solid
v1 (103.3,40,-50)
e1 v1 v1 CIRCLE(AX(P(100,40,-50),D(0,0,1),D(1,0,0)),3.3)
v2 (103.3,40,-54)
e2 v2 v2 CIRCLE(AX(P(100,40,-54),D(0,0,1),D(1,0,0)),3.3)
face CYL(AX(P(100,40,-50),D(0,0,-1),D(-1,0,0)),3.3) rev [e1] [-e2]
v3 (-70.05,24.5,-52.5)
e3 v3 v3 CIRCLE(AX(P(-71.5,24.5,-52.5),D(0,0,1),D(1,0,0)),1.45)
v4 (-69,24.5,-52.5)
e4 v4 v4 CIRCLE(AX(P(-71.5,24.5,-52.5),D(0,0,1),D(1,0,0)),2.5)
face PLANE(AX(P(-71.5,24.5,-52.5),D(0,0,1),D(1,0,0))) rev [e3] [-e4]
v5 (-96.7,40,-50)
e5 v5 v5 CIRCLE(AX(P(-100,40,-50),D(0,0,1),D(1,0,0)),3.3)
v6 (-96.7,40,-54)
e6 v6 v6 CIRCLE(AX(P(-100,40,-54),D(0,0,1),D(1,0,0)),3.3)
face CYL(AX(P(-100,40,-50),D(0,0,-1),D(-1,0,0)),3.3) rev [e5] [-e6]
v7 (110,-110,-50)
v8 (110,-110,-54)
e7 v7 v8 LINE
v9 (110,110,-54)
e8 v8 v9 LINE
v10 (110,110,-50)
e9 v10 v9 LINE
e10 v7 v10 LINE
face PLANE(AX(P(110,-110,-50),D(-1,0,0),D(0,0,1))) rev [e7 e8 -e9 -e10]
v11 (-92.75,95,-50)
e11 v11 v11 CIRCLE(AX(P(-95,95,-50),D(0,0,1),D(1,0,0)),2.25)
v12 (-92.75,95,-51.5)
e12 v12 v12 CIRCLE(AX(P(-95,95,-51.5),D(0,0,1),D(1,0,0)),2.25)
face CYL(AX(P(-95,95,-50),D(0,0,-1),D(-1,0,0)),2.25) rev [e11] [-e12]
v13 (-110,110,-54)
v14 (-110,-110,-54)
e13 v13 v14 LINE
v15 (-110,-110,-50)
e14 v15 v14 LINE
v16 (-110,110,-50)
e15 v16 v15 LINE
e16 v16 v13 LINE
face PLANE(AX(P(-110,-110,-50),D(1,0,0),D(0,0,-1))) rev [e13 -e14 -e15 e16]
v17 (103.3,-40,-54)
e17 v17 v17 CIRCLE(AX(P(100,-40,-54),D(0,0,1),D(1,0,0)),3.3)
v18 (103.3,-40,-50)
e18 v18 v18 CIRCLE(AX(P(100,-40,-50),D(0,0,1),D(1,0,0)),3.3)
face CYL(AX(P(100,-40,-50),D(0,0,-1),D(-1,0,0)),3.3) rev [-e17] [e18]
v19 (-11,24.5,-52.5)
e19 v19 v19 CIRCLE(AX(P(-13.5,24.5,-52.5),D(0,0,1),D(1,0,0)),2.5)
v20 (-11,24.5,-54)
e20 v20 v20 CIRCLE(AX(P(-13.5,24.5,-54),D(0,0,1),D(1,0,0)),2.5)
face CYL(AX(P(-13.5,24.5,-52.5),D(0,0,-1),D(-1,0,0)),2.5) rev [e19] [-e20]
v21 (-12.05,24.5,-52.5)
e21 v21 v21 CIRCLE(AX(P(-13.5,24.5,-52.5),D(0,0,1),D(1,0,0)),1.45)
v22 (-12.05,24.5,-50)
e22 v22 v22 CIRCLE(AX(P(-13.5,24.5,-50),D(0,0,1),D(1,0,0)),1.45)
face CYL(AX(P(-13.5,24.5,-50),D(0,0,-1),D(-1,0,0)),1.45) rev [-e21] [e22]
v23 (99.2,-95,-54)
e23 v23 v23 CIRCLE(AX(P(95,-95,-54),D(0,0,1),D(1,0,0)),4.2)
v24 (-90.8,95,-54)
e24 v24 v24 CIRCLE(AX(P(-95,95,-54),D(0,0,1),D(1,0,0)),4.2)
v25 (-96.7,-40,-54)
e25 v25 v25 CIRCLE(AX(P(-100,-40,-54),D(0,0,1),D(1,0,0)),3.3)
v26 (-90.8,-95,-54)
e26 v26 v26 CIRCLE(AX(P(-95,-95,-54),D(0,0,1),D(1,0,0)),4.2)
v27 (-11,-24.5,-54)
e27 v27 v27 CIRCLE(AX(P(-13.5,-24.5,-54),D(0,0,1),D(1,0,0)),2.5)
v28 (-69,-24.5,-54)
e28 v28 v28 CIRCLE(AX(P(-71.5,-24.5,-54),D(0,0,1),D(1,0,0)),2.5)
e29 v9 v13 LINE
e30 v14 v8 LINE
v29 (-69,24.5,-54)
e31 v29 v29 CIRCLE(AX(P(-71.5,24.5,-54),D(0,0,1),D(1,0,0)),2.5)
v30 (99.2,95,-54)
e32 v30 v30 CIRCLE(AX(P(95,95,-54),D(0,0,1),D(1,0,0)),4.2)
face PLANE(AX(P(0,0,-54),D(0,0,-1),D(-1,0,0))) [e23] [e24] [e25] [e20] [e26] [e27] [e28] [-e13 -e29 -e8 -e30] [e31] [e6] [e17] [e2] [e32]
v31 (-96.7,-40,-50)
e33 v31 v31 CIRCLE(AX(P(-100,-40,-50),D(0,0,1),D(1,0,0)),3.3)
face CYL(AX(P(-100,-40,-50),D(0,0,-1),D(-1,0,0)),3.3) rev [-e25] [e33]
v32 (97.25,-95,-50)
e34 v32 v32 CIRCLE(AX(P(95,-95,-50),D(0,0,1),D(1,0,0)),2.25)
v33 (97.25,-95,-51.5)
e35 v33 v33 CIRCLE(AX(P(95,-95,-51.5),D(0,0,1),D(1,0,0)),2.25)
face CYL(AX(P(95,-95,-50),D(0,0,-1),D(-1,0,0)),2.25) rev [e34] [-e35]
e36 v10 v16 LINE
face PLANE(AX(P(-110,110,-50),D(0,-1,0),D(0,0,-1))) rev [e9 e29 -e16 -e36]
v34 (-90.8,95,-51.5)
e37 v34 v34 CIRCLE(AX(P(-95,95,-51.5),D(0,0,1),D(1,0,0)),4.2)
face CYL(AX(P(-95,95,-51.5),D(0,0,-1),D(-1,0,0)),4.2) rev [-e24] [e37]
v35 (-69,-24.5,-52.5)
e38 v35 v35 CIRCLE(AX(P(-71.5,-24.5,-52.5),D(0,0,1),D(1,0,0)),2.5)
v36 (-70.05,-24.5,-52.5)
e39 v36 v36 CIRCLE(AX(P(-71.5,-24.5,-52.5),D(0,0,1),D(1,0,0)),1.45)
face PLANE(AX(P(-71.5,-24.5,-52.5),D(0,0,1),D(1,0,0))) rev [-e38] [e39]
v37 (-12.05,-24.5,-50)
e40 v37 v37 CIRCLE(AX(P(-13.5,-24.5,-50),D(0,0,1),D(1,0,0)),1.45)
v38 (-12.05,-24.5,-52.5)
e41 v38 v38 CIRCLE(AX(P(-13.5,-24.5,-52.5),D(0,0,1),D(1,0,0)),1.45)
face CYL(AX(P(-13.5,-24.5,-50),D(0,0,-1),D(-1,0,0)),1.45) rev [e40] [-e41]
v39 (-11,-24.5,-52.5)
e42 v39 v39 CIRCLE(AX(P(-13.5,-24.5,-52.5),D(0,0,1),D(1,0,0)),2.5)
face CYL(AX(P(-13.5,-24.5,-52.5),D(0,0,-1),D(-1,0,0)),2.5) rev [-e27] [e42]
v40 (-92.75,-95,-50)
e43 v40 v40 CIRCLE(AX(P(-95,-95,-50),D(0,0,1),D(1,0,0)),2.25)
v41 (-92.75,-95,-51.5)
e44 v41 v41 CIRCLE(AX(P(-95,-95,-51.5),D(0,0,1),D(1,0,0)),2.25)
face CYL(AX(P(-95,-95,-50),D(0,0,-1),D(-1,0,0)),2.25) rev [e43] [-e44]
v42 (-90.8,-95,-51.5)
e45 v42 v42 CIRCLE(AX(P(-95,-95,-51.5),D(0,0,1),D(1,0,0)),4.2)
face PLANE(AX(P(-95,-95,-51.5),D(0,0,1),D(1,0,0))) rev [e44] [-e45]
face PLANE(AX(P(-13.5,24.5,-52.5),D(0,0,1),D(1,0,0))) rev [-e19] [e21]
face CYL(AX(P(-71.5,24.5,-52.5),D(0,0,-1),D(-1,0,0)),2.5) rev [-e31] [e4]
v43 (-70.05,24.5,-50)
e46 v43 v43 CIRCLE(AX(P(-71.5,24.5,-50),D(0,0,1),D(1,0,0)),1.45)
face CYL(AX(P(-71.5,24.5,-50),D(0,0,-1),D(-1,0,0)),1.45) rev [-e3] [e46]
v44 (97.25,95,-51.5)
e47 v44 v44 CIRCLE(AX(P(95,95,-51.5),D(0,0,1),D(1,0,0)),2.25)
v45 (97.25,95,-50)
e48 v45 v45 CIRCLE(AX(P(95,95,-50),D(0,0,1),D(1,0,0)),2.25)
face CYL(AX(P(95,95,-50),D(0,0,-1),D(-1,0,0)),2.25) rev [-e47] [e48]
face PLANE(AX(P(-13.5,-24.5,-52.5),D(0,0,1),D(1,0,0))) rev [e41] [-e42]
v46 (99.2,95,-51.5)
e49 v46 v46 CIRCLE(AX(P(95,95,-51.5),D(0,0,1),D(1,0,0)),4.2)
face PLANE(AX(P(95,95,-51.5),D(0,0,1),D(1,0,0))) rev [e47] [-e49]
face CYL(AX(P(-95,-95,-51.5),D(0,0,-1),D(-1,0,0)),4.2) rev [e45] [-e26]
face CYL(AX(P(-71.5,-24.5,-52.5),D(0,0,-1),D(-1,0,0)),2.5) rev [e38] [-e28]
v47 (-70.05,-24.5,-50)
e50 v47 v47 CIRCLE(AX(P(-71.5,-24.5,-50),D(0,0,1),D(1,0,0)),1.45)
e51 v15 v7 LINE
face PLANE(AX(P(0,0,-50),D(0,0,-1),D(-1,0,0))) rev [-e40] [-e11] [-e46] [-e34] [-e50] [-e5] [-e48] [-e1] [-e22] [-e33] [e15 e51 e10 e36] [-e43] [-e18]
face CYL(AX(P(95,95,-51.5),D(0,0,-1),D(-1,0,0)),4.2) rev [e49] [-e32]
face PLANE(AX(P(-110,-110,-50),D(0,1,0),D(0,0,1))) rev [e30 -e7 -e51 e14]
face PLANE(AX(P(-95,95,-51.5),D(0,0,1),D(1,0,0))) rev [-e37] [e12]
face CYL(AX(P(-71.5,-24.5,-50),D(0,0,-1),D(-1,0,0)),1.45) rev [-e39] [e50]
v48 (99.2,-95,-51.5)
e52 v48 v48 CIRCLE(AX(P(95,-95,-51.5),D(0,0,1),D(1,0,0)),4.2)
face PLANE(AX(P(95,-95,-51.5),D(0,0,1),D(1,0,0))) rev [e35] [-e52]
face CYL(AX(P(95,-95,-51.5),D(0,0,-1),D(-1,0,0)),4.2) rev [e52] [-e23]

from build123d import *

# Parameters (mm, degrees)
FONDO_START                   = -54
SK_FONDO_W                    = 220
SK_FONDO_H                    = 220
FONDO_DEPTH                   = 4
PASANTES_M4_SEPARADORES_START = -54
SK_PASANTES_M4_SEPARADORES_R  = 2.25
PASANTES_M4_SEPARADORES_DEPTH = 4
AVELLANADO_M4_START           = -54
SK_AVELLANADO_M4_R            = 4.2
AVELLANADO_M4_DEPTH           = 2.5
PASANTES_M2_5_RPI_START       = -54
SK_PASANTES_M2_5_RPI_R        = 1.45
PASANTES_M2_5_RPI_DEPTH       = 4
AVELLANADO_M2_5_START         = -54
SK_AVELLANADO_M2_5_R          = 2.5
AVELLANADO_M2_5_DEPTH         = 1.5
AGUJEROS_ANCLAJE_START        = -54
SK_AGUJEROS_ANCLAJE_R         = 3.3
AGUJEROS_ANCLAJE_DEPTH        = 4


with BuildPart() as part:
    # Sk_Fondo → Fondo (new body)
    with BuildSketch(Plane.XY.offset(FONDO_START)):
        Rectangle(SK_FONDO_W, SK_FONDO_H)
    extrude(amount=FONDO_DEPTH)

    # Sk_Pasantes_M4_separadores → Pasantes_M4_separadores (cut)
    with BuildSketch(Plane.XY.offset(PASANTES_M4_SEPARADORES_START)):
        with Locations((-95, -95)):
            Circle(SK_PASANTES_M4_SEPARADORES_R)
        with Locations((-95, 95)):
            Circle(SK_PASANTES_M4_SEPARADORES_R)
        with Locations((95, -95)):
            Circle(SK_PASANTES_M4_SEPARADORES_R)
        with Locations((95, 95)):
            Circle(SK_PASANTES_M4_SEPARADORES_R)
    extrude(amount=PASANTES_M4_SEPARADORES_DEPTH, mode=Mode.SUBTRACT)

    # Sk_Avellanado_M4 → Avellanado_M4 (cut)
    with BuildSketch(Plane.XY.offset(AVELLANADO_M4_START)):
        with Locations((-95, -95)):
            Circle(SK_AVELLANADO_M4_R)
        with Locations((-95, 95)):
            Circle(SK_AVELLANADO_M4_R)
        with Locations((95, -95)):
            Circle(SK_AVELLANADO_M4_R)
        with Locations((95, 95)):
            Circle(SK_AVELLANADO_M4_R)
    extrude(amount=AVELLANADO_M4_DEPTH, mode=Mode.SUBTRACT)

    # Sk_Pasantes_M2-5_RPi → Pasantes_M2-5_RPi (cut)
    with BuildSketch(Plane.XY.offset(PASANTES_M2_5_RPI_START)):
        with Locations((-13.5, -24.5)):
            Circle(SK_PASANTES_M2_5_RPI_R)
        with Locations((-13.5, 24.5)):
            Circle(SK_PASANTES_M2_5_RPI_R)
        with Locations((-71.5, -24.5)):
            Circle(SK_PASANTES_M2_5_RPI_R)
        with Locations((-71.5, 24.5)):
            Circle(SK_PASANTES_M2_5_RPI_R)
    extrude(amount=PASANTES_M2_5_RPI_DEPTH, mode=Mode.SUBTRACT)

    # Sk_Avellanado_M2-5 → Avellanado_M2-5 (cut)
    with BuildSketch(Plane.XY.offset(AVELLANADO_M2_5_START)):
        with Locations((-13.5, -24.5)):
            Circle(SK_AVELLANADO_M2_5_R)
        with Locations((-13.5, 24.5)):
            Circle(SK_AVELLANADO_M2_5_R)
        with Locations((-71.5, -24.5)):
            Circle(SK_AVELLANADO_M2_5_R)
        with Locations((-71.5, 24.5)):
            Circle(SK_AVELLANADO_M2_5_R)
    extrude(amount=AVELLANADO_M2_5_DEPTH, mode=Mode.SUBTRACT)

    # Sk_Agujeros_anclaje → Agujeros_anclaje (cut)
    with BuildSketch(Plane.XY.offset(AGUJEROS_ANCLAJE_START)):
        with Locations((-100, -40)):
            Circle(SK_AGUJEROS_ANCLAJE_R)
        with Locations((-100, 40)):
            Circle(SK_AGUJEROS_ANCLAJE_R)
        with Locations((100, -40)):
            Circle(SK_AGUJEROS_ANCLAJE_R)
        with Locations((100, 40)):
            Circle(SK_AGUJEROS_ANCLAJE_R)
    extrude(amount=AGUJEROS_ANCLAJE_DEPTH, mode=Mode.SUBTRACT)


solid = part.part
